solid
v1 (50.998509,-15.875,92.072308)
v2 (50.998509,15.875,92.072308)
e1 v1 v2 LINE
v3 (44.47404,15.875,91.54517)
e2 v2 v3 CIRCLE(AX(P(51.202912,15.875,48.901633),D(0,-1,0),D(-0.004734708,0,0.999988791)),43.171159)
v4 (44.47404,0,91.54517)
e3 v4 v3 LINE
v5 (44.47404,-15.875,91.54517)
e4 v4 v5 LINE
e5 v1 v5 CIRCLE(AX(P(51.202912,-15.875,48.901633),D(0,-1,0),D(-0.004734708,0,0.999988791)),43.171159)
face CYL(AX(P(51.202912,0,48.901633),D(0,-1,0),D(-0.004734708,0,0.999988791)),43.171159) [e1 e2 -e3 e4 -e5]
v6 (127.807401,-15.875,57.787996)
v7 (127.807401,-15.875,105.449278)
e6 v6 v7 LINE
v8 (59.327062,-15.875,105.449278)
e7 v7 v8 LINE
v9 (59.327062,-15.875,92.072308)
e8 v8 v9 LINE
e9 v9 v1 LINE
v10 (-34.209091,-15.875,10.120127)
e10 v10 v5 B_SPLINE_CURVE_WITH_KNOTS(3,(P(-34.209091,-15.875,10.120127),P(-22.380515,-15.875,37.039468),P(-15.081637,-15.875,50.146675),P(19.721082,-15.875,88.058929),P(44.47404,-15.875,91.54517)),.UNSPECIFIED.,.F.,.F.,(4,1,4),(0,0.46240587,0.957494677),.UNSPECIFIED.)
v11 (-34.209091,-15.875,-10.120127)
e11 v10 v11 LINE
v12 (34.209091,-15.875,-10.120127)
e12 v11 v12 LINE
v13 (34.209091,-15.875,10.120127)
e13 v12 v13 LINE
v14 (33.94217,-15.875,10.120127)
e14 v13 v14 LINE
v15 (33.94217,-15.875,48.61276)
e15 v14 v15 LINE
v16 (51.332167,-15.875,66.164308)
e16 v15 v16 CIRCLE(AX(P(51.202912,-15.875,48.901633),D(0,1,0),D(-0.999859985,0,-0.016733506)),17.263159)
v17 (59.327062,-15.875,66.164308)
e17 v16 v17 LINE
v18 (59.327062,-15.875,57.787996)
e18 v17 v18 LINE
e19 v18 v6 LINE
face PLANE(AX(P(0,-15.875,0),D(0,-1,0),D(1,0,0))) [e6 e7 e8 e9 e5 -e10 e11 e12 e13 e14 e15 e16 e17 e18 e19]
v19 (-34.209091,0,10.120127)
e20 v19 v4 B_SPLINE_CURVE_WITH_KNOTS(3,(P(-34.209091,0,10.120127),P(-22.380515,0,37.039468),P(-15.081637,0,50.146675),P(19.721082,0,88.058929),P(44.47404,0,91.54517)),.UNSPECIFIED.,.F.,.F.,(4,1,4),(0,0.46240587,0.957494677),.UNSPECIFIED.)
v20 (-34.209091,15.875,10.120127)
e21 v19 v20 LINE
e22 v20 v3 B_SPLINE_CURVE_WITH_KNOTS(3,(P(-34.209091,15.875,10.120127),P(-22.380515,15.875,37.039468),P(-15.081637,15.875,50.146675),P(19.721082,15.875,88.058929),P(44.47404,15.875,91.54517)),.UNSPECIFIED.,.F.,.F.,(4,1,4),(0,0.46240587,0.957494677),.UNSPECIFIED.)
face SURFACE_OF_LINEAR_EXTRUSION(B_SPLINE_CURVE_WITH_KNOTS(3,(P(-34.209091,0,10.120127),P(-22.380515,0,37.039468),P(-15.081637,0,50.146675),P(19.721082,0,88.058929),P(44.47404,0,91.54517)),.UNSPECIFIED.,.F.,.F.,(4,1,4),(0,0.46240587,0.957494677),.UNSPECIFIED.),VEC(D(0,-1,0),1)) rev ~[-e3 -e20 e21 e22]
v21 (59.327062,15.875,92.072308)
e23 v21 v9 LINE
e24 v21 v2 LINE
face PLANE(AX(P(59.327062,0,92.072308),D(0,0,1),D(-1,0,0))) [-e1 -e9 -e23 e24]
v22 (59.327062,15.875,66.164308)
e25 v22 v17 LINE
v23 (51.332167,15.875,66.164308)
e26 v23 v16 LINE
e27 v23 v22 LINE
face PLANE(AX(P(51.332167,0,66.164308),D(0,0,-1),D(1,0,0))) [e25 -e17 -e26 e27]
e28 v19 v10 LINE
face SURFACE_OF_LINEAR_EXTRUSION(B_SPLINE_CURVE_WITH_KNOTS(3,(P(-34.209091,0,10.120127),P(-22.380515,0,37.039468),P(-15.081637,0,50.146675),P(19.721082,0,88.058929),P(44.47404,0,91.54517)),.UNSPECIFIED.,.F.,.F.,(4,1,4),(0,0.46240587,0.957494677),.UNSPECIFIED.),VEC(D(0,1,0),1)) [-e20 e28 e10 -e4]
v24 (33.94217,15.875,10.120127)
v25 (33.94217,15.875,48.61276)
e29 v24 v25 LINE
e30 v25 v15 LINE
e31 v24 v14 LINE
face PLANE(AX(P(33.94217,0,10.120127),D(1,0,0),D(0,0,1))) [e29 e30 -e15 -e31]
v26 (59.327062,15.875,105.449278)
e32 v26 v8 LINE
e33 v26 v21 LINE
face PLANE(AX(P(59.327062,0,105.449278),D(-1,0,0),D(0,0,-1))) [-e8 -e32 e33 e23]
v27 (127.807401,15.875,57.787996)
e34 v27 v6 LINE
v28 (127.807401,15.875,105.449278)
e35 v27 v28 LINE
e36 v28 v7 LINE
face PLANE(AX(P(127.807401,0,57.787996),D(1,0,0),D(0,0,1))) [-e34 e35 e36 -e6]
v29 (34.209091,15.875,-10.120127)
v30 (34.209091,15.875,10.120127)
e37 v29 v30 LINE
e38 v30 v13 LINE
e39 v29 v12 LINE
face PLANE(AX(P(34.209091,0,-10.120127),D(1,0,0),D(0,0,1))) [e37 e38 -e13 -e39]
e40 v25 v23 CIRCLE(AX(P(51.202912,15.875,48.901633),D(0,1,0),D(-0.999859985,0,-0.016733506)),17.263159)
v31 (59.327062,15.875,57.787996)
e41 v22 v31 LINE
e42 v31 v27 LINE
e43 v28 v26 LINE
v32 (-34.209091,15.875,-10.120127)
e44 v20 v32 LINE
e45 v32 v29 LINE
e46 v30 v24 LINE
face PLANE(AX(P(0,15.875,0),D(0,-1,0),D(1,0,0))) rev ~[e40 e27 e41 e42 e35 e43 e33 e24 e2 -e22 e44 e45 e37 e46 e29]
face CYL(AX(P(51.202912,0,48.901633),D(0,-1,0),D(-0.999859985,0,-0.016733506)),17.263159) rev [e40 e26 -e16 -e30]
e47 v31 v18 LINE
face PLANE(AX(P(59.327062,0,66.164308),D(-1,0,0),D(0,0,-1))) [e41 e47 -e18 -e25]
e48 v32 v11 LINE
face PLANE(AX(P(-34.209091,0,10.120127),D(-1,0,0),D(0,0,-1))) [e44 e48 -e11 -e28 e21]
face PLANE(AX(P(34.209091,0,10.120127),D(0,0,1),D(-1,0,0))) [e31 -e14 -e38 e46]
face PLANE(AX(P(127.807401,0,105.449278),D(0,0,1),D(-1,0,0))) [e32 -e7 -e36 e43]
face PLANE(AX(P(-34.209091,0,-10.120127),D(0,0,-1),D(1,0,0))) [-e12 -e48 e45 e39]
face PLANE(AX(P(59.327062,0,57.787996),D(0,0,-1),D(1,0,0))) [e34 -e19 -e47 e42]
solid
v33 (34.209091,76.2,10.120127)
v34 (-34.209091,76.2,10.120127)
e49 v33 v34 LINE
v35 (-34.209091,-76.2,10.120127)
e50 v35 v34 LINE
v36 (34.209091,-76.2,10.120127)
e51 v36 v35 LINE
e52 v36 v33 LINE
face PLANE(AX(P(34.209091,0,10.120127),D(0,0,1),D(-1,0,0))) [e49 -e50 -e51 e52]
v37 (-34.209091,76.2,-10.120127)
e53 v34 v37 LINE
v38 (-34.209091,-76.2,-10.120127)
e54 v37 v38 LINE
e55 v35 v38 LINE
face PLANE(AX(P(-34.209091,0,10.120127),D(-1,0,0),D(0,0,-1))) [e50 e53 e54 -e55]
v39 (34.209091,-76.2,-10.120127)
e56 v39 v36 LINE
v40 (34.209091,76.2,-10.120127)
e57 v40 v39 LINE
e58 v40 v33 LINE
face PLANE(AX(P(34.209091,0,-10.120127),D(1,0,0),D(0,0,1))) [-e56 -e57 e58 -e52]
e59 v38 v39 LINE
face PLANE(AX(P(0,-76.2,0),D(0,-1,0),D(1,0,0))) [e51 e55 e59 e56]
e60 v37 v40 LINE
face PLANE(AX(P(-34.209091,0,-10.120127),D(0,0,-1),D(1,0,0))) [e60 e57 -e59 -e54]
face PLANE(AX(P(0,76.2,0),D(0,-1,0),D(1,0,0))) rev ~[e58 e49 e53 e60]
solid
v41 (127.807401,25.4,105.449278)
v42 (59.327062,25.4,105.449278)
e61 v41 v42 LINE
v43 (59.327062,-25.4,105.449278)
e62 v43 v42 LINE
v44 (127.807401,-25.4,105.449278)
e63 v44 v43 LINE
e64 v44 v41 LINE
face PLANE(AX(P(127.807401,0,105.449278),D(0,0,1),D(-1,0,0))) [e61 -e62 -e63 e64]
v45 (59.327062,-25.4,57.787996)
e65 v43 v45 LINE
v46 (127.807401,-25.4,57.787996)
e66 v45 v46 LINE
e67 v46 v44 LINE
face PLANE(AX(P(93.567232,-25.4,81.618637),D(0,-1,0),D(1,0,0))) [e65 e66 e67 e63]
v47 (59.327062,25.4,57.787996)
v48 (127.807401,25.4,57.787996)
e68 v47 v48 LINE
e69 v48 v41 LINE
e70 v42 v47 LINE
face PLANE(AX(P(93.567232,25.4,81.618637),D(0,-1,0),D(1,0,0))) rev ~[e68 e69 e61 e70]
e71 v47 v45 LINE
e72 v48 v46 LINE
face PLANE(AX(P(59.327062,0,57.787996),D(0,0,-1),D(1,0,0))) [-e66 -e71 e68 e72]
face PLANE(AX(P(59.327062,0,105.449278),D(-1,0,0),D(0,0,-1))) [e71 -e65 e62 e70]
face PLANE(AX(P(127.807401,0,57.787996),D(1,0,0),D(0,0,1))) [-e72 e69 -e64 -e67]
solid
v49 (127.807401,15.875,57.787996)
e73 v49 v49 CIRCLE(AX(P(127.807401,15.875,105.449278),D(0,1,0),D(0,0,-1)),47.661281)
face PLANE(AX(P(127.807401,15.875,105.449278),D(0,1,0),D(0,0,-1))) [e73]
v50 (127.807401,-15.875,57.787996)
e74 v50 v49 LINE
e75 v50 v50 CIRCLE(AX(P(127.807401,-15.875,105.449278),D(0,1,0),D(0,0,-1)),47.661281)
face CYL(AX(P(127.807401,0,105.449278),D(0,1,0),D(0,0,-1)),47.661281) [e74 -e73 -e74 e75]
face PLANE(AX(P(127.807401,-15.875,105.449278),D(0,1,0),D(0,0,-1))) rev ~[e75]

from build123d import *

# Parameters (mm, degrees)
F1_DEPTH  = 76.2
F2_DEPTH  = 25.4
F3_DEPTH  = 15.875
F3_FACE_W = 31.75
F3_FACE_H = 47.6612813593


with BuildPart() as f1:
    # F0 (on Front) → F1 (new body, symmetric)
    with BuildSketch(Plane.XZ):
        Polygon((-34.2090905497, 10.1201273501), (-34.2090905497, -10.1201273501), (34.2090905497, -10.1201273501), (34.2090905497, 10.1201273501), (33.9421695098, 10.1201273501), (8.0341696739, 10.1201273501), align=None)
    extrude(amount=F1_DEPTH, both=True)


with BuildPart() as f2:
    # F0 (on Front) → F2 (new body, symmetric)
    with BuildSketch(Plane.XZ):
        Polygon((59.3270622194, 105.4492775262), (59.3270622194, 92.0723080635), (59.3270622194, 66.1643082276), (59.3270622194, 57.7879961669), (127.8074011207, 57.7879961669), (127.8074011207, 105.4492775262), align=None)
    extrude(amount=F2_DEPTH, both=True)


with BuildPart() as f3:
    # F0 (on Front) → F3 (new body, symmetric)
    with BuildSketch(Plane.XZ):
        Polygon((-34.2090905497, 10.1201273501), (-34.2090905497, -10.1201273501), (34.2090905497, -10.1201273501), (34.2090905497, 10.1201273501), (33.9421695098, 10.1201273501), (8.0341696739, 10.1201273501), align=None)
        with BuildLine():
            add(Edge.make_bspline(
                [(-34.2090905497, 10.1201273501), (-22.3805145575, 37.0394678872), (-15.0816373574, 50.14667541), (19.7210816662, 88.0589285063), (44.474039968, 91.545170031)],
                knots=[0, 0, 0, 0, 0.4624058701, 0.9574946773, 0.9574946773, 0.9574946773, 0.9574946773], degree=3))
            Line((-34.2090905497, 10.1201273501), (8.0341696739, 10.1201273501))
            Line((8.0341696739, 10.1201273501), (8.0341696739, 48.4448044045))
            ThreePointArc((8.0341696739, 48.4448044045), (18.2354528521, 76.7744804641), (44.474039968, 91.545170031))
        make_face()
        with BuildLine():
            Line((8.0341696739, 48.4448044045), (8.0341696739, 10.1201273501))
            Line((8.0341696739, 10.1201273501), (33.9421695098, 10.1201273501))
            Line((33.9421695098, 10.1201273501), (33.9421695098, 48.6127595879))
            ThreePointArc((33.9421695098, 48.6127595879), (38.9397076098, 61.0519617659), (51.3321670727, 66.1643082276))
            Line((51.3321670727, 66.1643082276), (59.3270622194, 66.1643082276))
            Line((59.3270622194, 66.1643082276), (59.3270622194, 92.0723080635))
            Line((59.3270622194, 92.0723080635), (50.9985089302, 92.0723080635))
            add(Edge.make_bspline(
                [(44.474039968, 91.545170031), (46.5991788631, 91.8444775873), (48.7741275188, 92.0249888934), (50.9985089302, 92.0723080635)],
                knots=[0.9574946773, 0.9574946773, 0.9574946773, 0.9574946773, 1, 1, 1, 1], degree=3))
            ThreePointArc((44.474039968, 91.545170031), (18.2354528521, 76.7744804641), (8.0341696739, 48.4448044045))
        make_face()
        with BuildLine():
            ThreePointArc((50.9985089302, 92.0723080635), (47.726269289, 91.9325744619), (44.474039968, 91.545170031))
            add(Edge.make_bspline(
                [(44.474039968, 91.545170031), (46.5991788631, 91.8444775873), (48.7741275188, 92.0249888934), (50.9985089302, 92.0723080635)],
                knots=[0.9574946773, 0.9574946773, 0.9574946773, 0.9574946773, 1, 1, 1, 1], degree=3))
        make_face()
        Polygon((59.3270622194, 105.4492775262), (59.3270622194, 92.0723080635), (59.3270622194, 66.1643082276), (59.3270622194, 57.7879961669), (127.8074011207, 57.7879961669), (127.8074011207, 105.4492775262), align=None)
    extrude(amount=F3_DEPTH, both=True)


with BuildPart() as f4:
    # F3_face (on face) → F4 (revolve)
    with BuildSketch(Plane(origin=(127.8074011207, 0, 81.6186368465), x_dir=(0, 1, 0), z_dir=(1, 0, 0))):
        Rectangle(F3_FACE_W, F3_FACE_H)
    revolve(axis=Axis((127.8074011207, 0, 105.4492775262), (0, 1, 0)))


solid = Compound([f1.part, f2.part, f3.part, f4.part])
